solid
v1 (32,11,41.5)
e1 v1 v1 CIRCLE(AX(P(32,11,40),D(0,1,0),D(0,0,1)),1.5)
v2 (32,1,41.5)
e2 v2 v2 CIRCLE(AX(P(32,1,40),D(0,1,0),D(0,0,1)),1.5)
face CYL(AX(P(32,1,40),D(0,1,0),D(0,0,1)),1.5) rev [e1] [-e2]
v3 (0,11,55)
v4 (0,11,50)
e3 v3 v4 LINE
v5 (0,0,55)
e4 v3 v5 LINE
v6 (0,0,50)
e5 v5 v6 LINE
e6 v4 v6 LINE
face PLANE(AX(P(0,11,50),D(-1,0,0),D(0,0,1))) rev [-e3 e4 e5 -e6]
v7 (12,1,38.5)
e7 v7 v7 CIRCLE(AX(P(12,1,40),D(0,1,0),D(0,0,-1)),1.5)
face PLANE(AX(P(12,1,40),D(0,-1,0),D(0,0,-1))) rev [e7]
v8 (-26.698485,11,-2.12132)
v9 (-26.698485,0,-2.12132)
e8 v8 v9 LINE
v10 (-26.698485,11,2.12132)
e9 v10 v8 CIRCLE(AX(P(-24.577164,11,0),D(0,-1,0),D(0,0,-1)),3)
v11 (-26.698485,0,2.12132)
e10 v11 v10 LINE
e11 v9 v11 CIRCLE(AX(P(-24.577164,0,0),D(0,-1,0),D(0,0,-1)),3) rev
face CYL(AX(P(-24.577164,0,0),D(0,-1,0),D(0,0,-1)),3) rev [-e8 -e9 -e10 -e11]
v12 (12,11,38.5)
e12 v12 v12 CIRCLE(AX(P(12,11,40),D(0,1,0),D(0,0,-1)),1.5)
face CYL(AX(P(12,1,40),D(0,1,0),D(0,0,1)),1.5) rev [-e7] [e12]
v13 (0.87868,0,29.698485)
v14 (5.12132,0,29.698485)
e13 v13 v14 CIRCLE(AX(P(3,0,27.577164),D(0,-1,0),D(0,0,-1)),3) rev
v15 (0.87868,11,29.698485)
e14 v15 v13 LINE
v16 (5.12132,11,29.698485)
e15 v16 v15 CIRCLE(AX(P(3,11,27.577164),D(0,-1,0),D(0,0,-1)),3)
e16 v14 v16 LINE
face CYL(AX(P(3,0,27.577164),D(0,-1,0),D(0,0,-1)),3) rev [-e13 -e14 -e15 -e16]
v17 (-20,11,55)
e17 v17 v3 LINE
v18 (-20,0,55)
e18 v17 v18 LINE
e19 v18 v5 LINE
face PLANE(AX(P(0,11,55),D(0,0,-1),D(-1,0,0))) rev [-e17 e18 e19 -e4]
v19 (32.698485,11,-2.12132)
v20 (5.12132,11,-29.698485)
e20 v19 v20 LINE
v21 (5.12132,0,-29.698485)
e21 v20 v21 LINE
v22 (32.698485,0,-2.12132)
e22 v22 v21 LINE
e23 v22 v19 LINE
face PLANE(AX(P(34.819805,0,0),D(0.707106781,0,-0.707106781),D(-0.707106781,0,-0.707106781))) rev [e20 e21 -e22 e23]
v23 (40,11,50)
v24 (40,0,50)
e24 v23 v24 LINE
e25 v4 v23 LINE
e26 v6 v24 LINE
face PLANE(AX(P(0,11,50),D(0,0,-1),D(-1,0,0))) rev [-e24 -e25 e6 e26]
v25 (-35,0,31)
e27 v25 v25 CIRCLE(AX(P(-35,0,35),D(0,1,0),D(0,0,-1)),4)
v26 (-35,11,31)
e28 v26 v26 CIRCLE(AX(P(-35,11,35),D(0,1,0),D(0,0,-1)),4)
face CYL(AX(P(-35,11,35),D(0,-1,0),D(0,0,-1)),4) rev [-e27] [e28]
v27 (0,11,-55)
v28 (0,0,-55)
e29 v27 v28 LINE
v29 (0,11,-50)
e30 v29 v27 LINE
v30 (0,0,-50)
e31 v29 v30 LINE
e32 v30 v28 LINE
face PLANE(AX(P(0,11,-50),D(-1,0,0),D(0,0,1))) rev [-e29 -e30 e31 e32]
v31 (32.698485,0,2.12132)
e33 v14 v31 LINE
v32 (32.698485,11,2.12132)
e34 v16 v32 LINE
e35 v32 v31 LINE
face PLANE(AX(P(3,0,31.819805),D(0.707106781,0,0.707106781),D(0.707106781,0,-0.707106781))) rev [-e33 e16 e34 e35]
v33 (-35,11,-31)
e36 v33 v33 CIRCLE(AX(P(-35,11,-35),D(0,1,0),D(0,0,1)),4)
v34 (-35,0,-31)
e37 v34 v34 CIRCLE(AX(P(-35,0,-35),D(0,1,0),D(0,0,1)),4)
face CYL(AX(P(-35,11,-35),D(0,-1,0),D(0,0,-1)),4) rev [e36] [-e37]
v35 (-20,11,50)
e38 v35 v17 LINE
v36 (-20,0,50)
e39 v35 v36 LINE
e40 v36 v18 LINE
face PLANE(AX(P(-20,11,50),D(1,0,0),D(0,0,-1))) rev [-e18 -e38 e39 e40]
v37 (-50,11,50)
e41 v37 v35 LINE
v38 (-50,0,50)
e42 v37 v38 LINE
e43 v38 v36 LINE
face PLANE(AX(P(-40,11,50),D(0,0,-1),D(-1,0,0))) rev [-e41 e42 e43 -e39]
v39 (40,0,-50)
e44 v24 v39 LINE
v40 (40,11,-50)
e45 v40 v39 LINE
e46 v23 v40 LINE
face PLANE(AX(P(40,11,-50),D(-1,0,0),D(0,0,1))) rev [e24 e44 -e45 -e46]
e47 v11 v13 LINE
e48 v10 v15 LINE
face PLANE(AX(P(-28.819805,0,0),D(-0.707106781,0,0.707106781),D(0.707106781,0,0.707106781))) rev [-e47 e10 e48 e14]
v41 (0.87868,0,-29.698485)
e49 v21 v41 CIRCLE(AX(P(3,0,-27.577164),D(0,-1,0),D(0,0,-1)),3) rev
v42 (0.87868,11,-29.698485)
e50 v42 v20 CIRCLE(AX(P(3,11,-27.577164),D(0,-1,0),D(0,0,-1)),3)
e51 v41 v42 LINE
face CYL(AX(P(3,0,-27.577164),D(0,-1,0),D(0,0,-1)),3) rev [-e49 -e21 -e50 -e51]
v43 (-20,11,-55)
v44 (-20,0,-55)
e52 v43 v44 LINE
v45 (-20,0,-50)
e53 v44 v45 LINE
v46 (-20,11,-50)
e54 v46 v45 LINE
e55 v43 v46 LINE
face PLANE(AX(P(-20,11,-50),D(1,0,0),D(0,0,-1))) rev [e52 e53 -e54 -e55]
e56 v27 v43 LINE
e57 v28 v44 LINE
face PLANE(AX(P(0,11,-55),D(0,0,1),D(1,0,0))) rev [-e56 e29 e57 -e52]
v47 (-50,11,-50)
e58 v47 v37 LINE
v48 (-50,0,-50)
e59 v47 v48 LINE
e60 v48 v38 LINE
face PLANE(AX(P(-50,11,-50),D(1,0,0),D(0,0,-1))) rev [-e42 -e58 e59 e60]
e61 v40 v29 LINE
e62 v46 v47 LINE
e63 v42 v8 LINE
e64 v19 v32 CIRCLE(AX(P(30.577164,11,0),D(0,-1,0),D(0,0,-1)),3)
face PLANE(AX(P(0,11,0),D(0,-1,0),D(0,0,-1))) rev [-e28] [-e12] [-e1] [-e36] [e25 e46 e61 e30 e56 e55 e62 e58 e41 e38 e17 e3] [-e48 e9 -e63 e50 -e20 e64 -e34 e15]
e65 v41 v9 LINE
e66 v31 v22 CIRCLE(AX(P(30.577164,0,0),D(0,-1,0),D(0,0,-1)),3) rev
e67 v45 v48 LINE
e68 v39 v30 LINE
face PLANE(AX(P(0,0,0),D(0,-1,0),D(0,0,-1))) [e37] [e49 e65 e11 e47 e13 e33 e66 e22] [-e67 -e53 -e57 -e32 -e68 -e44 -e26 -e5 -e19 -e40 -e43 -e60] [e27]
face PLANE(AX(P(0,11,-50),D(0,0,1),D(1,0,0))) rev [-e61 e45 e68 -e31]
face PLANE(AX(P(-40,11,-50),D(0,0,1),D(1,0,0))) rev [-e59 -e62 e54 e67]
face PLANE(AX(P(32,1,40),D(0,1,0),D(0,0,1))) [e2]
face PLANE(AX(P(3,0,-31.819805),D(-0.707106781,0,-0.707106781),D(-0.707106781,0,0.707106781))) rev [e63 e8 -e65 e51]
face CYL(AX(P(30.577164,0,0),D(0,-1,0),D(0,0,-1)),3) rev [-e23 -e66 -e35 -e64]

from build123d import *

# Parameters (mm, degrees)
SKETCH1_R           = 4
BOSS_EXTRUDE1_DEPTH = 11
SKETCH2_R           = 1.5
CUT_EXTRUDE1_DEPTH  = 10
CUT_EXTRUDE2_DEPTH  = 11
FILLET1_R           = 3


with BuildPart() as part:
    # Sketch1 → Boss-Extrude1 (new body)
    with BuildSketch(Plane(origin=(0, 0, 0), x_dir=(1, 0, 0), z_dir=(0, 1, 0))):
        Polygon((0, 50), (40, 50), (40, -50), (0, -50), (0, -55), (-20, -55), (-20, -50), (-40, -50), (-50, -50), (-50, 50), (-40, 50), (-20, 50), (-20, 55), (0, 55), align=None)
        with Locations(Location((-35, 35, 0), (0, 0, 270))):
            Circle(SKETCH1_R, mode=Mode.SUBTRACT)
        with Locations(Location((-35, -35, 0), (0, 0, 90))):
            Circle(SKETCH1_R, mode=Mode.SUBTRACT)
    extrude(amount=BOSS_EXTRUDE1_DEPTH)

    # Sketch2 → Cut-Extrude1 (cut)
    with BuildSketch(Plane(origin=(0, 11, 0), x_dir=(1, 0, 0), z_dir=(0, 1, 0))):
        with Locations(Location((32, -40, 0), (0, 0, 270))):
            Circle(SKETCH2_R)
        with Locations(Location((12, -40, 0), (0, 0, 90))):
            Circle(SKETCH2_R)
    extrude(amount=-CUT_EXTRUDE1_DEPTH, mode=Mode.SUBTRACT)

    # Sketch3 → Cut-Extrude2 (cut)
    with BuildSketch(Plane(origin=(0, 11, 0), x_dir=(1, 0, 0), z_dir=(0, 1, 0))):
        Polygon((-28.819805153, 0), (3, -31.819805153), (34.819805153, 0), (3, 31.819805153), align=None)
    extrude(amount=-CUT_EXTRUDE2_DEPTH, mode=Mode.SUBTRACT)

    # Fillet1
    fillet1_edges = [part.edges().sort_by_distance(p)[0] for p in [
        (-28.819805153, 5.5, 0),
        (3, 5.5, -31.819805153),
        (34.819805153, 5.5, 0),
        (3, 5.5, 31.819805153),
    ]]
    fillet(fillet1_edges, radius=FILLET1_R)


solid = part.part
